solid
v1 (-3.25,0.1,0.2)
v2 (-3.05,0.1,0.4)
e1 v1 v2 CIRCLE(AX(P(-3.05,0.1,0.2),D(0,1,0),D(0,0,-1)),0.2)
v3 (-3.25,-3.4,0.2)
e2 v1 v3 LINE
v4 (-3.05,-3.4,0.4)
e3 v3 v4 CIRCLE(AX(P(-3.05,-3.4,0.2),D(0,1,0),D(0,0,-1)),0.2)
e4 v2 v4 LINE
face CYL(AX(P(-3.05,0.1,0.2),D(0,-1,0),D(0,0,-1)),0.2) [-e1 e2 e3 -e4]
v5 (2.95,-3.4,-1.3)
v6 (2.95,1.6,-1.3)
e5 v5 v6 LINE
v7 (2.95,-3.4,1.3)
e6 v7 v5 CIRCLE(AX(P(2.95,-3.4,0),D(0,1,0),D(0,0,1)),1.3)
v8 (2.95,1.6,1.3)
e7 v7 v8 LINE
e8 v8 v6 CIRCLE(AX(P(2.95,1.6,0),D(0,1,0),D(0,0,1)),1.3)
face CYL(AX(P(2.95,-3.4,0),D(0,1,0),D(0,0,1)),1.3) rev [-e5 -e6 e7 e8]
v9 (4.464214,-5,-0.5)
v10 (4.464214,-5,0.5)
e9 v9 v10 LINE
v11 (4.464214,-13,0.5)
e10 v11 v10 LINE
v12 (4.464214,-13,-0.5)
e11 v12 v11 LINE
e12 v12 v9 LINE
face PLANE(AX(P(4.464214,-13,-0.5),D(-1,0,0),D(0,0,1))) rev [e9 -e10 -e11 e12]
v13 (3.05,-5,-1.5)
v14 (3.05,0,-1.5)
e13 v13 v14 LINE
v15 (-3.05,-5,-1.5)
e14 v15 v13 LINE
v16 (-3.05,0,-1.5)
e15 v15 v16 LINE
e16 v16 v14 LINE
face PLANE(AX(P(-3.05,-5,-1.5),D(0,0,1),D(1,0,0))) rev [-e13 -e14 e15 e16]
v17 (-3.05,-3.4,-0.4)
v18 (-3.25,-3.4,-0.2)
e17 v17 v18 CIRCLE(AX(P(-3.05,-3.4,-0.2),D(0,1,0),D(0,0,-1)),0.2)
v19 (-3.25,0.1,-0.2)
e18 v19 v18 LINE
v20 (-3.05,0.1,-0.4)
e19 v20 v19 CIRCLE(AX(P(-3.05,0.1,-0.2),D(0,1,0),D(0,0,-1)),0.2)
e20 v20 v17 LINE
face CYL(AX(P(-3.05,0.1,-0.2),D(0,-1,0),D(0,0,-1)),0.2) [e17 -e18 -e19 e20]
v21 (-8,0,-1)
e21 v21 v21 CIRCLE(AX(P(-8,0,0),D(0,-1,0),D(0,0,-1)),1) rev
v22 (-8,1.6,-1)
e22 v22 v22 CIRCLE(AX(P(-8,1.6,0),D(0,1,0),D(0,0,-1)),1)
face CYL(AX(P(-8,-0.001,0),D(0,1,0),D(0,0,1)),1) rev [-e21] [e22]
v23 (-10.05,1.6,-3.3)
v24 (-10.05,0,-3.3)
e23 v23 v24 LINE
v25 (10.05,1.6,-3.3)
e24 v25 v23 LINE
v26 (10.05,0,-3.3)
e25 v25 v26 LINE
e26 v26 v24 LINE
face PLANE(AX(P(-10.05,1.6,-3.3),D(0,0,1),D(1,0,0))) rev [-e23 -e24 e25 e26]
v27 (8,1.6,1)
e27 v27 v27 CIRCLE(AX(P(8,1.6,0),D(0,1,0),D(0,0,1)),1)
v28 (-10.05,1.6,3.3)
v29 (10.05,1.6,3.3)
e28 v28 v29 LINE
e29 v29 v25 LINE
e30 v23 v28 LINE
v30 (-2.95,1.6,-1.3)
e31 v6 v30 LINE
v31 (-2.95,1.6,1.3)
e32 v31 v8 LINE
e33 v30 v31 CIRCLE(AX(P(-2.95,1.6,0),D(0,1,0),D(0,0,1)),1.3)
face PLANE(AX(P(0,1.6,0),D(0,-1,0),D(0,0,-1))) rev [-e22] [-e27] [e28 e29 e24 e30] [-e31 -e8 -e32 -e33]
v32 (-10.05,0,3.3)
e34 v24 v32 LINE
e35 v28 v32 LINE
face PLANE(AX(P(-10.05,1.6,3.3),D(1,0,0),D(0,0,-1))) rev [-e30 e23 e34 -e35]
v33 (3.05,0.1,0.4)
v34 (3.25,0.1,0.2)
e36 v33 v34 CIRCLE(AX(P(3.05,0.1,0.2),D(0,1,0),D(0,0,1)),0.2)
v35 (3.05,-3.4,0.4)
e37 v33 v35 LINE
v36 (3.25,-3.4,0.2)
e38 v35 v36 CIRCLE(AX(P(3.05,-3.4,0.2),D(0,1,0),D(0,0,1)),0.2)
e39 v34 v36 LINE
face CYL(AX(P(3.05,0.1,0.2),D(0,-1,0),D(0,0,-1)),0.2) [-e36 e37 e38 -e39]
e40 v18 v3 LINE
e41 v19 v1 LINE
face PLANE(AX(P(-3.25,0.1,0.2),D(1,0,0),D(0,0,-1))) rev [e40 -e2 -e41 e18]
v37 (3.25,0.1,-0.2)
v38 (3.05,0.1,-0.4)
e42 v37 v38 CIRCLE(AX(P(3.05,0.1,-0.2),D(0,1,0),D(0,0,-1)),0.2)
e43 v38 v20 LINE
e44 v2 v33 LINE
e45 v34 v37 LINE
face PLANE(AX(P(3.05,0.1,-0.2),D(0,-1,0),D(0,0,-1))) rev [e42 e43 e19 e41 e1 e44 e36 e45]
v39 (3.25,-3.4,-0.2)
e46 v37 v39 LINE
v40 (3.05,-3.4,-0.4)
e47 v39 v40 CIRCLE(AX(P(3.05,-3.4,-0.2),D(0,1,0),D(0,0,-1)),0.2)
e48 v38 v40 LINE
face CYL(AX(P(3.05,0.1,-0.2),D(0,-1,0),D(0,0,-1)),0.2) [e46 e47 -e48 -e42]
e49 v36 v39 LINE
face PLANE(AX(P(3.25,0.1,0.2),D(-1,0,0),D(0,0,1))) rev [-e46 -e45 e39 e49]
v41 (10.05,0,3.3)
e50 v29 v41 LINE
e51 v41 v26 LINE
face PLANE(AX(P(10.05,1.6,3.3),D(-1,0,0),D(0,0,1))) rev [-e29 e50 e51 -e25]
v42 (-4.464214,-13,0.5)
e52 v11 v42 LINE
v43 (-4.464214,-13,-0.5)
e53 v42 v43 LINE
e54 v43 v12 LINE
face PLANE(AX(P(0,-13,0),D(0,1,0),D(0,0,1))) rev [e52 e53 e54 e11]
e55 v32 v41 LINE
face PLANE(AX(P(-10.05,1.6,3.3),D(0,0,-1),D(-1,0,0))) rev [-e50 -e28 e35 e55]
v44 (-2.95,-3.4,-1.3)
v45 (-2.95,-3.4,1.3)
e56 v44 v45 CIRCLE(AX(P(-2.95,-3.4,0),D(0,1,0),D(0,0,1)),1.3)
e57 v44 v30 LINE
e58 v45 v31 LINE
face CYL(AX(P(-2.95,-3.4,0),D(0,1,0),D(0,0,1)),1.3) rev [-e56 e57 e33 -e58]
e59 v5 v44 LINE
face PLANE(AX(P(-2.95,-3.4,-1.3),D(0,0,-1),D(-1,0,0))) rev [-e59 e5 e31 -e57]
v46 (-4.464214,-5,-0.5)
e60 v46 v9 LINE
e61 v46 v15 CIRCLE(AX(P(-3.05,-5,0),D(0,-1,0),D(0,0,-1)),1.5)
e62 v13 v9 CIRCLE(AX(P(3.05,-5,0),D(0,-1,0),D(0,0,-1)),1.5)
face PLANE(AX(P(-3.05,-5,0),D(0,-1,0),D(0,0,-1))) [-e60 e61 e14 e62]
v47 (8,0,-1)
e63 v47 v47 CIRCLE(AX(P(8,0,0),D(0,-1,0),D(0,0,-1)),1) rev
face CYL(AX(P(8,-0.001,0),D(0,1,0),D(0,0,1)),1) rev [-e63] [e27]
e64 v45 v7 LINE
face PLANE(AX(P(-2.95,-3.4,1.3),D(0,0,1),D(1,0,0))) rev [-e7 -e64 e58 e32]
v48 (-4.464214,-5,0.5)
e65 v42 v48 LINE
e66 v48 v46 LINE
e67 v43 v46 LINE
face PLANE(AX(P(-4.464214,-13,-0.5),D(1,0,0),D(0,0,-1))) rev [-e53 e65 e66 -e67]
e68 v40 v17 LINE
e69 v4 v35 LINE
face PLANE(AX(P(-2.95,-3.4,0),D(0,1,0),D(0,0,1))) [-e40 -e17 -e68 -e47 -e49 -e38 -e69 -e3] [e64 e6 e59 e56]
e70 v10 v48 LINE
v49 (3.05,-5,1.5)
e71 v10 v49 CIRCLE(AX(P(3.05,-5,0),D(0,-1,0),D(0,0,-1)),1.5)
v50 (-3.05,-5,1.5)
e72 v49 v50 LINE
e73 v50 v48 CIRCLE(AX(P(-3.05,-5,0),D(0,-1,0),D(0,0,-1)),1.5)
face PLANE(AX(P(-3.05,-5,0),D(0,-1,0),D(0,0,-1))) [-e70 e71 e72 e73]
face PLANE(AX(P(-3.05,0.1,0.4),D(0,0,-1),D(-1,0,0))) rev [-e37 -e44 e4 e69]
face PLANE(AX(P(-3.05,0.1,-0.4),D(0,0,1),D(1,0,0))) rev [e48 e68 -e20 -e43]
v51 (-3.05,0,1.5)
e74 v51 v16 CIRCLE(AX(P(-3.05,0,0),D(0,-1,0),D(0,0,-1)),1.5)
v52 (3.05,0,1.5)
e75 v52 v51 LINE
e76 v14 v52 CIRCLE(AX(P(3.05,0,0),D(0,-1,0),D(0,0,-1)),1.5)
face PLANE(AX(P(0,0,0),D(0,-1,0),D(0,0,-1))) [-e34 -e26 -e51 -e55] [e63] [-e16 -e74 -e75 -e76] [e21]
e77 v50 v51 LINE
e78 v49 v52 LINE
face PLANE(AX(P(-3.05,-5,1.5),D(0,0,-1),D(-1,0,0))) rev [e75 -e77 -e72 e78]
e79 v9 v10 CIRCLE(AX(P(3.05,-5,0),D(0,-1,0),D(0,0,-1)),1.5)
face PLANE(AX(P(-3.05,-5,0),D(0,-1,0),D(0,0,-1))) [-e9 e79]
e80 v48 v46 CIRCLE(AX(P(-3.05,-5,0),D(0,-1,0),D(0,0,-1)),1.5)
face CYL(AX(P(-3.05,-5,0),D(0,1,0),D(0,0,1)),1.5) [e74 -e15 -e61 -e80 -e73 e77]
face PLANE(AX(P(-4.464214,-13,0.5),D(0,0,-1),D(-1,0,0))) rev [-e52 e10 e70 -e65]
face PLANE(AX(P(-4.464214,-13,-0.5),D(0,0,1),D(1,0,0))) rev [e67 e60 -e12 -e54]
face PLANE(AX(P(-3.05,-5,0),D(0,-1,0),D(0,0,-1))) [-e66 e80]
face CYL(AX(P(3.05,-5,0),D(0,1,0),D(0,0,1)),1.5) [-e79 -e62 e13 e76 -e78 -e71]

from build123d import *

# Parameters (mm, degrees)
SKETCH_1_W          = 20.1
SKETCH_1_H          = 6.6
EXTRUDE_1_DEPTH     = 1.6
CUT_EXTRUDE_1_REACH = 3.6
SKETCH_2_R          = 1
EXTRUDE_2_DEPTH     = 5
SKETCH_4_W          = 8.928427124
SKETCH_4_H          = 1
EXTRUDE_3_DEPTH     = 8
CUT_EXTRUDE_2_DEPTH = 5
EXTRUDE_4_DEPTH     = 3.5


with BuildPart() as part:
    # 草图1 → 凸台-拉伸1 (new body)
    with BuildSketch(Plane(origin=(0, 0, 0), x_dir=(1, 0, 0), z_dir=(0, 1, 0))):
        Rectangle(SKETCH_1_W, SKETCH_1_H)
    extrude(amount=EXTRUDE_1_DEPTH)

    # 草图2 → 切除-拉伸1 (cut, up to next)
    with BuildSketch(Plane(origin=(0, 1.6, 0), x_dir=(1, 0, 0), z_dir=(0, 1, 0)), mode=Mode.PRIVATE) as cut_extrude_1_sk1:
        with Locations((8, 0)):
            Circle(SKETCH_2_R)
    cut_extrude_1_tool1 = extrude(cut_extrude_1_sk1.sketch, amount=-CUT_EXTRUDE_1_REACH, mode=Mode.PRIVATE) & part.part
    add(cut_extrude_1_tool1.solids().sort_by_distance((8, 1.6, 0))[0], mode=Mode.SUBTRACT)
    # 草图2 → 切除-拉伸1 (cut, up to next)
    with BuildSketch(Plane(origin=(0, 1.6, 0), x_dir=(1, 0, 0), z_dir=(0, 1, 0)), mode=Mode.PRIVATE) as cut_extrude_1_sk2:
        with Locations((-8, 0)):
            Circle(SKETCH_2_R)
    cut_extrude_1_tool2 = extrude(cut_extrude_1_sk2.sketch, amount=-CUT_EXTRUDE_1_REACH, mode=Mode.PRIVATE) & part.part
    add(cut_extrude_1_tool2.solids().sort_by_distance((-8, 1.6, 0))[0], mode=Mode.SUBTRACT)

    # 草图3 → 凸台-拉伸2 (add)
    with BuildSketch(Plane.XZ):
        with BuildLine():
            Line((-3.05, 1.5), (3.05, 1.5))
            ThreePointArc((3.05, 1.5), (4.55, 0), (3.05, -1.5))
            Line((3.05, -1.5), (-3.05, -1.5))
            ThreePointArc((-3.05, -1.5), (-4.55, 0), (-3.05, 1.5))
        make_face()
    extrude(amount=EXTRUDE_2_DEPTH)

    # 草图4 → 凸台-拉伸3 (add)
    with BuildSketch(Plane.XZ.offset(5)):
        Rectangle(SKETCH_4_W, SKETCH_4_H)
    extrude(amount=EXTRUDE_3_DEPTH)

    # 草图5 → 切除-拉伸2 (cut)
    with BuildSketch(Plane(origin=(0, 1.6, 0), x_dir=(1, 0, 0), z_dir=(0, 1, 0))):
        with BuildLine():
            Line((-2.95, 1.3), (2.95, 1.3))
            ThreePointArc((2.95, 1.3), (4.25, 0), (2.95, -1.3))
            Line((2.95, -1.3), (-2.95, -1.3))
            ThreePointArc((-2.95, -1.3), (-4.25, 0), (-2.95, 1.3))
        make_face()
    extrude(amount=-CUT_EXTRUDE_2_DEPTH, mode=Mode.SUBTRACT)

    # 草图6 → 凸台-拉伸4 (add)
    with BuildSketch(Plane(origin=(0, -3.4, 0), x_dir=(1, 0, 0), z_dir=(0, 1, 0))):
        with BuildLine():
            Line((-3.05, -0.4), (3.05, -0.4))
            ThreePointArc((3.05, -0.4), (3.191421356, -0.341421356), (3.25, -0.2))
            Line((3.25, -0.2), (3.25, 0.2))
            ThreePointArc((3.25, 0.2), (3.191421356, 0.341421356), (3.05, 0.4))
            Line((3.05, 0.4), (-3.05, 0.4))
            ThreePointArc((-3.05, 0.4), (-3.191421356, 0.341421356), (-3.25, 0.2))
            Line((-3.25, 0.2), (-3.25, -0.2))
            ThreePointArc((-3.25, -0.2), (-3.191421356, -0.341421356), (-3.05, -0.4))
        make_face()
    extrude(amount=EXTRUDE_4_DEPTH)


solid = part.part
